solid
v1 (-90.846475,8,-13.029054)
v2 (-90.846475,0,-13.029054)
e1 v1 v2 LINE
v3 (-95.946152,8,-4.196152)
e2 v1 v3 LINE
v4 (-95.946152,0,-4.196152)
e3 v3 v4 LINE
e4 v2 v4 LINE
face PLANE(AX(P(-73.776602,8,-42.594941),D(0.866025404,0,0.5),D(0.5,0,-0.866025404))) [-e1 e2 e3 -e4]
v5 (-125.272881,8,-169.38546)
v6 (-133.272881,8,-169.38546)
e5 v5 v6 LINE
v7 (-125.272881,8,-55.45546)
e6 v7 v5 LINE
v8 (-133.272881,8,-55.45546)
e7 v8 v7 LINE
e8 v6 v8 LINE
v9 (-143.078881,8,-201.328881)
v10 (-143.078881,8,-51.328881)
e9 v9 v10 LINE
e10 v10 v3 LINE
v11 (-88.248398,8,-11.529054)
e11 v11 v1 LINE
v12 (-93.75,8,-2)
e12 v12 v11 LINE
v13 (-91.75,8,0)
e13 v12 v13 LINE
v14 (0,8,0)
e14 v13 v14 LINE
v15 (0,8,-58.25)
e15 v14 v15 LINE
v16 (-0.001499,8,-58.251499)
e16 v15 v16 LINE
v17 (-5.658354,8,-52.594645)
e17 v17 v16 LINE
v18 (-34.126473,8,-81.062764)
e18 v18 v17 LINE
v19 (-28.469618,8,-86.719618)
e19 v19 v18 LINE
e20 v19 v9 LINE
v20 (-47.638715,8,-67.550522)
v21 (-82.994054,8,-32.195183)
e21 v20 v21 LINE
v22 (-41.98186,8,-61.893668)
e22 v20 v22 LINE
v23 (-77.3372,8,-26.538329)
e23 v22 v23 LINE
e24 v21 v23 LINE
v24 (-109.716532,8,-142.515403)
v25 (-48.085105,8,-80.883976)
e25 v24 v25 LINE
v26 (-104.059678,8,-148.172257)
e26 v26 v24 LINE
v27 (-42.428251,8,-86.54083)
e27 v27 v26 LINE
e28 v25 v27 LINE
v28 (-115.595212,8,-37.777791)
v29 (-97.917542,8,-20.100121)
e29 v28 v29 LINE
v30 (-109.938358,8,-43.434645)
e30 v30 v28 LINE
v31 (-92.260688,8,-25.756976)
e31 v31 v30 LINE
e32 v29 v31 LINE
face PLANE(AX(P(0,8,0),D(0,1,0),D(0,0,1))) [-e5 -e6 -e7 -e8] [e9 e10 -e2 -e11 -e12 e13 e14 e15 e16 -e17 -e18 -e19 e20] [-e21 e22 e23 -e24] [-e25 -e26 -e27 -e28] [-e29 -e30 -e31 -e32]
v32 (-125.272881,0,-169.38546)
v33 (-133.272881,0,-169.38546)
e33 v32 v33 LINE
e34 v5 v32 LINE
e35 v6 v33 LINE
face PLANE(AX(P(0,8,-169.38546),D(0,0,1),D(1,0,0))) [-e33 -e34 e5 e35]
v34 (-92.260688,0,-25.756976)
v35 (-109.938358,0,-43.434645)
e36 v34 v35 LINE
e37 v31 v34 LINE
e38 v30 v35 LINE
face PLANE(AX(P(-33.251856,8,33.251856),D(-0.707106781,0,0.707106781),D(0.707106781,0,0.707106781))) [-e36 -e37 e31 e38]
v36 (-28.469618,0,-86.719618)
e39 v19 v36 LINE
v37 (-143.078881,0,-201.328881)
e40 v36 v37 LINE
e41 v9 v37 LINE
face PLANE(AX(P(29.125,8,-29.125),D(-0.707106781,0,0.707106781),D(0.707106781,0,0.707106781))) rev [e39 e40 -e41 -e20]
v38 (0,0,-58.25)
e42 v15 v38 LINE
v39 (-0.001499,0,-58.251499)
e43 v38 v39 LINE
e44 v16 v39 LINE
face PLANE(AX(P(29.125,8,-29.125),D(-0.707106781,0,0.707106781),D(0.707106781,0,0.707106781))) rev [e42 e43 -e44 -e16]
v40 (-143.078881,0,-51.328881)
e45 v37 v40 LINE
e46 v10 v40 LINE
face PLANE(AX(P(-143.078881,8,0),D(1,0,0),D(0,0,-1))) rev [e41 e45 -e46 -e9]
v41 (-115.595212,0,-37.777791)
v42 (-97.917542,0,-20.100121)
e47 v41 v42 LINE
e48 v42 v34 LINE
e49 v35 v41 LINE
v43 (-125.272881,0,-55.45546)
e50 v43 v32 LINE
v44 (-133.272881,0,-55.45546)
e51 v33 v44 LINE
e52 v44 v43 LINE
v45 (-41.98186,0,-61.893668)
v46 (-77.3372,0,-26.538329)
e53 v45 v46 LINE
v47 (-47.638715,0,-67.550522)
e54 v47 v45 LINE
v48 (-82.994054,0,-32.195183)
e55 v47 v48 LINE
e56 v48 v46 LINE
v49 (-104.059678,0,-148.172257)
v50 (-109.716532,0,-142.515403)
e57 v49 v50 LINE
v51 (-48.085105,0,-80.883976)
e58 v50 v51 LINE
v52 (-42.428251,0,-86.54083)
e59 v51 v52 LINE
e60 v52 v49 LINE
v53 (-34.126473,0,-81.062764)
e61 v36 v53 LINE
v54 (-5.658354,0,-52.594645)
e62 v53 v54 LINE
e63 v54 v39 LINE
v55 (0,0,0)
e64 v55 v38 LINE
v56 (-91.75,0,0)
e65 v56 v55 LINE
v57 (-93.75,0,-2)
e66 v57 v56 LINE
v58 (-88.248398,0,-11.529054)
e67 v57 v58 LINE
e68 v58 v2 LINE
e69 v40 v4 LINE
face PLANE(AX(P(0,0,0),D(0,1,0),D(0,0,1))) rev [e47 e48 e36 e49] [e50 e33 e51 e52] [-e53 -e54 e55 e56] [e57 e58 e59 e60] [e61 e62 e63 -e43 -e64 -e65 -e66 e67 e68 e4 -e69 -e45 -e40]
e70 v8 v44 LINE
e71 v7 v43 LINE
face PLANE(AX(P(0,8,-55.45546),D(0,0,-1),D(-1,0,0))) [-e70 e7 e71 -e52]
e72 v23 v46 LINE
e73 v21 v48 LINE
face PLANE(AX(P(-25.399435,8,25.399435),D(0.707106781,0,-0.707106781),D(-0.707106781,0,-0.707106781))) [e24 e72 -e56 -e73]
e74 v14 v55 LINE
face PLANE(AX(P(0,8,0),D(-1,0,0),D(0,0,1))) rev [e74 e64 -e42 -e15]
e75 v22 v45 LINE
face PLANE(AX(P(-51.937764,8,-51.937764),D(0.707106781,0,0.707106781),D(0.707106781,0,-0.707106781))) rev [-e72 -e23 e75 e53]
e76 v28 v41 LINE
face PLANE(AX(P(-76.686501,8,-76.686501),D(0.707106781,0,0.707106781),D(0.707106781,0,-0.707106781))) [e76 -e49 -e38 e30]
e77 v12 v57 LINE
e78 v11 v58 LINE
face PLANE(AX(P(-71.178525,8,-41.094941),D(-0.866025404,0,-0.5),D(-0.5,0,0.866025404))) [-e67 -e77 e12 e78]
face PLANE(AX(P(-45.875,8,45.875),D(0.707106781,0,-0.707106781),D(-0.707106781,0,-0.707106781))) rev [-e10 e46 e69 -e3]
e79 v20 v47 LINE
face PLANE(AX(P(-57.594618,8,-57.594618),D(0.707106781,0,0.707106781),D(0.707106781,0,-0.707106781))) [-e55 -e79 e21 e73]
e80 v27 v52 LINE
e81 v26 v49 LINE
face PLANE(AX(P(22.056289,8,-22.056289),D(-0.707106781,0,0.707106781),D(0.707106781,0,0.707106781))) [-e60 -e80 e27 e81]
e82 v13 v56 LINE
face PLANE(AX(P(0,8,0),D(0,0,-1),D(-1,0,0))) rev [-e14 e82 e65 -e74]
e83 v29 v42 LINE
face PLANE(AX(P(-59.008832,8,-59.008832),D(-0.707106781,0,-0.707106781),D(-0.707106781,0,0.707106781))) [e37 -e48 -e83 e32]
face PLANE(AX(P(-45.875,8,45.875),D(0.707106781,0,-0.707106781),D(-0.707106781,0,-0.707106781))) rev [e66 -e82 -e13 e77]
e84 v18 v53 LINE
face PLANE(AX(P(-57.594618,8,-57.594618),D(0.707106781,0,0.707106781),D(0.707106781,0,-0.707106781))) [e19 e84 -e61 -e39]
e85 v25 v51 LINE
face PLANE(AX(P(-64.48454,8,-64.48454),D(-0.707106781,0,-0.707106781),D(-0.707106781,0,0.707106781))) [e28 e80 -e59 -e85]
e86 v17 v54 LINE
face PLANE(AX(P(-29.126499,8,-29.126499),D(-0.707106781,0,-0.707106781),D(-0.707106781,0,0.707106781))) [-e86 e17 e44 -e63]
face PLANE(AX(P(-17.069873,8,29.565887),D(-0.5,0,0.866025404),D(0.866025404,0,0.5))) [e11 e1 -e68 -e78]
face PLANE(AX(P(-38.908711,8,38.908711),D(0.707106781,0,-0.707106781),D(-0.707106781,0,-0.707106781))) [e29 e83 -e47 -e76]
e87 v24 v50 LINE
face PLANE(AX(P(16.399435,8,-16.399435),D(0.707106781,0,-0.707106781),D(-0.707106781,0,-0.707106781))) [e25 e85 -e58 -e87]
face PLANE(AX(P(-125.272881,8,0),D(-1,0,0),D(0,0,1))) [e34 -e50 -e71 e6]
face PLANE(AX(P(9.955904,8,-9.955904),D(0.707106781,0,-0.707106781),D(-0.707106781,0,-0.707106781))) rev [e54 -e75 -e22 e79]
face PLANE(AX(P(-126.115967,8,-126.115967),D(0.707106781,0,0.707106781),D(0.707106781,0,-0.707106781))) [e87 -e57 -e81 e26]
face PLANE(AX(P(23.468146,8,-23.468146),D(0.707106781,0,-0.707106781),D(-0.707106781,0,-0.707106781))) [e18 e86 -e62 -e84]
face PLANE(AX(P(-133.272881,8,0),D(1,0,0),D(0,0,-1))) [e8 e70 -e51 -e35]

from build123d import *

# Parameters (mm, degrees)
SKETCH1_W           = 8
SKETCH1_H           = 113.93
BOSS_EXTRUDE1_DEPTH = 8


with BuildPart() as part:
    # Sketch1 → Boss-Extrude1 (new body)
    with BuildSketch(Plane(origin=(0, 0, 0), x_dir=(1, 0, 0), z_dir=(0, 1, 0))):
        Polygon((-91.75, 0), (0, 0), (0, 58.25), (-0.001499297, 58.251499297), (-5.658353547, 52.594645048), (-34.126472557, 81.062764058), (-28.469618308, 86.719618308), (-143.078881246, 201.328881246), (-143.078881246, 51.328881246), (-95.946152423, 4.196152423), (-90.846474596, 13.02905352), (-88.248398385, 11.52905352), (-93.75, 2), align=None)
        Polygon((-97.917542408, 20.100121332), (-115.595211938, 37.777790862), (-109.938357688, 43.434645111), (-92.260688159, 25.756975582), align=None, mode=Mode.SUBTRACT)
        Polygon((-77.337199542, 26.538328575), (-82.994053791, 32.195182824), (-47.638714732, 67.550521884), (-41.981860482, 61.893667634), align=None, mode=Mode.SUBTRACT)
        with Locations((-129.272881467, 112.420460392)):
            Rectangle(SKETCH1_W, SKETCH1_H, mode=Mode.SUBTRACT)
        Polygon((-48.085105233, 80.883975658), (-109.716532281, 142.515402707), (-104.059678032, 148.172256956), (-42.428250984, 86.540829908), align=None, mode=Mode.SUBTRACT)
    extrude(amount=BOSS_EXTRUDE1_DEPTH)


solid = part.part
